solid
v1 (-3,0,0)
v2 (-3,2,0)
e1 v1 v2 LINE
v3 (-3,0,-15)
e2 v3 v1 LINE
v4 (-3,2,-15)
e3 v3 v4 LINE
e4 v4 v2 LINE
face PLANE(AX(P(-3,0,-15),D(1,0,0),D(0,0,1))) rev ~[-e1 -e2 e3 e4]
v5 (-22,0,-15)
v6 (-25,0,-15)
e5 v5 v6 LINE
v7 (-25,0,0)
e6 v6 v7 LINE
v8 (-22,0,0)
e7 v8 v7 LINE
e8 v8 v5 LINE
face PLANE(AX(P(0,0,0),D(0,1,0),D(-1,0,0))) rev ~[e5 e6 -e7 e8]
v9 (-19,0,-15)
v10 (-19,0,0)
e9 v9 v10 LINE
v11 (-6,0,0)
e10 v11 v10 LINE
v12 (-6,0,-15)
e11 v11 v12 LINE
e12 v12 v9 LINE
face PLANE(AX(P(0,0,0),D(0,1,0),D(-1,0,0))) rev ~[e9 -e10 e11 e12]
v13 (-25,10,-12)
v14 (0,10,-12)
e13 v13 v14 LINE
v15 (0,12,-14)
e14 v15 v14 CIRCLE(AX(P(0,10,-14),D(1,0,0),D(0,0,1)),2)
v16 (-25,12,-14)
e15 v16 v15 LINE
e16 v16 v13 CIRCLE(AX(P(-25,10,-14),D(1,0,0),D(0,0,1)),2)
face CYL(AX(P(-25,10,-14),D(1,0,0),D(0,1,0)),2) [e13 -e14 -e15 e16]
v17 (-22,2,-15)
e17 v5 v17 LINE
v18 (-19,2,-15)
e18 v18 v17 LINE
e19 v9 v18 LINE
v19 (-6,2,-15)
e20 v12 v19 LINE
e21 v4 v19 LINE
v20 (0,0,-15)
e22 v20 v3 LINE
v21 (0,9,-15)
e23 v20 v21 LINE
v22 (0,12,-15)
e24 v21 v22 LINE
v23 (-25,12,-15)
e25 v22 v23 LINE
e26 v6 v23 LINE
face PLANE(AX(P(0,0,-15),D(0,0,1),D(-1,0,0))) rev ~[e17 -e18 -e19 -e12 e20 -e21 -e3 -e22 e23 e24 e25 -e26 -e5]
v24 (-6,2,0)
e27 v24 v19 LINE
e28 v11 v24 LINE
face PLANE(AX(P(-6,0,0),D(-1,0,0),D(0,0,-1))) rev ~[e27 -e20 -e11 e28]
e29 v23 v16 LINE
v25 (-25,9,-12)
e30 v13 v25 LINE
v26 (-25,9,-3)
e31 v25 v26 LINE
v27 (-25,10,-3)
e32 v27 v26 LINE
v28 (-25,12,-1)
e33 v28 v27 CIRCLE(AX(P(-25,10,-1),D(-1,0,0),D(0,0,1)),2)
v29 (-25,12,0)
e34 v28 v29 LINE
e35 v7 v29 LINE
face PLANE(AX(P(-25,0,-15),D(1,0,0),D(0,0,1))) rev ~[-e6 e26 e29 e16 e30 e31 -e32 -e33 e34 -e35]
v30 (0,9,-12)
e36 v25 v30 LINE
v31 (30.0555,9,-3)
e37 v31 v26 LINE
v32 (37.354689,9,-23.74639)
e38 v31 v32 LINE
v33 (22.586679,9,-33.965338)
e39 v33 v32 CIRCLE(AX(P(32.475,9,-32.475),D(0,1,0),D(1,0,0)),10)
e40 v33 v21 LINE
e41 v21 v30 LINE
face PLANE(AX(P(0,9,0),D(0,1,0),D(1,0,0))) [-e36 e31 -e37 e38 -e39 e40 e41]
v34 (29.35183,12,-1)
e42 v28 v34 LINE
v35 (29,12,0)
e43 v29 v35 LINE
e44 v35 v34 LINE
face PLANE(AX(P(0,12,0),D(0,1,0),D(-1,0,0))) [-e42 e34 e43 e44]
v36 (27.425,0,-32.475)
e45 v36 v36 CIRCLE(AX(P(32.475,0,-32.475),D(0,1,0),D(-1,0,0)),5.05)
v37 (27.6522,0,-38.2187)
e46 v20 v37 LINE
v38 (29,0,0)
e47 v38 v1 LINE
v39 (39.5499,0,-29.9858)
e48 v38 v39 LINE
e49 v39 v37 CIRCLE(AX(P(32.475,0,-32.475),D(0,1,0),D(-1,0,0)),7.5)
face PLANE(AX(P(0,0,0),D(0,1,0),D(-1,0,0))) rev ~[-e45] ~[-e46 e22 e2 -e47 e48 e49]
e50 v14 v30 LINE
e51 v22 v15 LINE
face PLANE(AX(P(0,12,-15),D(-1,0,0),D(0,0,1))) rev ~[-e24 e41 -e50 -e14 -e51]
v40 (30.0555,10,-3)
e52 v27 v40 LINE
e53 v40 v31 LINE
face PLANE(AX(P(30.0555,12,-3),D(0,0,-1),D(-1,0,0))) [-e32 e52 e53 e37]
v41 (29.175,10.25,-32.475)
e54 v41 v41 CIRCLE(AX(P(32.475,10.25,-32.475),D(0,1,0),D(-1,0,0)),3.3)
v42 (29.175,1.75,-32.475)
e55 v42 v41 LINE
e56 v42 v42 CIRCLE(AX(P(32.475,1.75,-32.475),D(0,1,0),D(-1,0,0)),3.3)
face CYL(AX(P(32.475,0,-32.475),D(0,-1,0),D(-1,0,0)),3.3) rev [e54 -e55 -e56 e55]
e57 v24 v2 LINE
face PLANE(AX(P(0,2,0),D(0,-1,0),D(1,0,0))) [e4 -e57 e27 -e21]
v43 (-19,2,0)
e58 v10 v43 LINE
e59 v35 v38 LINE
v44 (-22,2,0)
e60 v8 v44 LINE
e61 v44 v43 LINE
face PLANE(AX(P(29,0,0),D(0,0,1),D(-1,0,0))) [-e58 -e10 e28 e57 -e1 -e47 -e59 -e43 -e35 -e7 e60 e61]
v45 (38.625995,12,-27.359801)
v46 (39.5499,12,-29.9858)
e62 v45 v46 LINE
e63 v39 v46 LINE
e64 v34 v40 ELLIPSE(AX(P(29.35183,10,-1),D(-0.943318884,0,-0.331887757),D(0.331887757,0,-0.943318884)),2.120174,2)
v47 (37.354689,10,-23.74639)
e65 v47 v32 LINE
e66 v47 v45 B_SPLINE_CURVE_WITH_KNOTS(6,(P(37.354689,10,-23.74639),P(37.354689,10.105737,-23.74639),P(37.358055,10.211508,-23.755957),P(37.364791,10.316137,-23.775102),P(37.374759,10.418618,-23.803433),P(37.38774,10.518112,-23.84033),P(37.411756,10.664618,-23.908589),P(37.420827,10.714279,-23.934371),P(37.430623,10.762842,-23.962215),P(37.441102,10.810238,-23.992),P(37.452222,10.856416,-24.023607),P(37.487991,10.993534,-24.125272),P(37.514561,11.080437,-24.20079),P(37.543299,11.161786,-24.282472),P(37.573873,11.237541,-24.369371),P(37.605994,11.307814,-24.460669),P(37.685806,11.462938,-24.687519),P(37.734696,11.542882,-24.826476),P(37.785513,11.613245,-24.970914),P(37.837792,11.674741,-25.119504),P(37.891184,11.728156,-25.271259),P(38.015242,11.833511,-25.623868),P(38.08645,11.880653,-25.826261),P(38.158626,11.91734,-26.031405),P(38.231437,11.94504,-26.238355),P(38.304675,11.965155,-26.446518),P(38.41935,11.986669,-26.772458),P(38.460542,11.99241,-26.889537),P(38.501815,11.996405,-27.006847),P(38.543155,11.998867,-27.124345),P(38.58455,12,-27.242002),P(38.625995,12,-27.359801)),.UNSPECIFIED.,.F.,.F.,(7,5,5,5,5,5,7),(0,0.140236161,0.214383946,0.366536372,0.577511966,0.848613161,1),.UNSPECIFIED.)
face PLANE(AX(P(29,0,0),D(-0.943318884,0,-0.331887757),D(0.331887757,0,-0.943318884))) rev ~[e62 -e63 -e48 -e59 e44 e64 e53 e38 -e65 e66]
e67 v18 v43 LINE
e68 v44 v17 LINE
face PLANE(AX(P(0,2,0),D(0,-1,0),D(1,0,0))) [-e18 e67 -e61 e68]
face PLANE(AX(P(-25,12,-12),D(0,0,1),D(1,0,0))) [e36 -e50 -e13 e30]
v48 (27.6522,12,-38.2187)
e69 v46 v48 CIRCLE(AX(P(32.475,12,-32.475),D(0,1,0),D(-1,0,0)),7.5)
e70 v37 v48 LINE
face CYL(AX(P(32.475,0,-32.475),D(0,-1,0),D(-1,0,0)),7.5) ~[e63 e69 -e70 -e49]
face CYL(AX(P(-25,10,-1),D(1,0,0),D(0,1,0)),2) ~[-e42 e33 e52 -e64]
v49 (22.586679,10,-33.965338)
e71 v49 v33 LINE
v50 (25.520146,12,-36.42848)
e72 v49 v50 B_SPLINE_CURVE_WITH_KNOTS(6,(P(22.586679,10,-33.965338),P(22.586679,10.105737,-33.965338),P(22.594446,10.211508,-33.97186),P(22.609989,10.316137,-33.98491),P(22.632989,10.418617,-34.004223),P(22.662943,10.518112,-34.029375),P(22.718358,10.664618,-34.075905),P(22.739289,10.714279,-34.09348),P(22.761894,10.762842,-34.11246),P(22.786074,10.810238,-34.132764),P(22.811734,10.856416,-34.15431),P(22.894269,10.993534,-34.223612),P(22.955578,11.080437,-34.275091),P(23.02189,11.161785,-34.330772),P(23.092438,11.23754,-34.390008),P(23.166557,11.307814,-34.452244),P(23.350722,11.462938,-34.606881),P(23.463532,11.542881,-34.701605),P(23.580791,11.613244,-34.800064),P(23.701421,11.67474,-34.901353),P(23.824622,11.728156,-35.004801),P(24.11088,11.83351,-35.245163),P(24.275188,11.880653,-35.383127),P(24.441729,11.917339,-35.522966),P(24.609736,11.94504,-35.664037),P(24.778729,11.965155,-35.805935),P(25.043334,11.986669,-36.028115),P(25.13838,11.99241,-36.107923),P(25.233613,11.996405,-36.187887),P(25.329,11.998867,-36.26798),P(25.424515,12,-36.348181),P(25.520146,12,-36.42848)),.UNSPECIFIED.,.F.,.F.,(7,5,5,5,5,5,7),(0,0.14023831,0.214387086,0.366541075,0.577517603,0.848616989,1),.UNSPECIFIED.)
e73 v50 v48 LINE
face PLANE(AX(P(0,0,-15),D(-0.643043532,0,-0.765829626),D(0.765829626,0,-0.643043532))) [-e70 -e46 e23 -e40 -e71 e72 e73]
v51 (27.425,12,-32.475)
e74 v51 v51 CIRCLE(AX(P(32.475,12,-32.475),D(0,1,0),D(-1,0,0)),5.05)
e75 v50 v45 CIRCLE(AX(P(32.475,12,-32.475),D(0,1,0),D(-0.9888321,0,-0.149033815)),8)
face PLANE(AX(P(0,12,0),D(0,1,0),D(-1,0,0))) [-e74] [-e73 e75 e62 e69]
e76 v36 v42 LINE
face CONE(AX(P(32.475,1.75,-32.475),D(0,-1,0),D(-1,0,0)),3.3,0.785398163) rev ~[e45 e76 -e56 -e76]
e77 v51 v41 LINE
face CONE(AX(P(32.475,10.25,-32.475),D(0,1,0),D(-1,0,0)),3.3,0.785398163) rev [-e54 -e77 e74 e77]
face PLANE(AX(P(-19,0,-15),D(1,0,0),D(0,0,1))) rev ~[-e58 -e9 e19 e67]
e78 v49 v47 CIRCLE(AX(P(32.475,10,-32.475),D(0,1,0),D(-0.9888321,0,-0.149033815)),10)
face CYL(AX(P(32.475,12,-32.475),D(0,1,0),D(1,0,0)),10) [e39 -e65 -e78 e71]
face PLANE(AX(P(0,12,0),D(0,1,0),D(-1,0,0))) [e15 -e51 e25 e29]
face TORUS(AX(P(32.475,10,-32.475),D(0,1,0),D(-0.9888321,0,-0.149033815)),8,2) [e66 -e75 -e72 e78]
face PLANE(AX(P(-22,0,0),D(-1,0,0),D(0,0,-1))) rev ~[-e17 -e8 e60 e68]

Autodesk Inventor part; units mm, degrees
ref_plane "YZ Plane" through (0, 0, 0) normal (1, 0, 0) x (0, 1, 0)
ref_plane "XZ Plane" through (0, 0, 0) normal (0, 1, 0) x (-1, 0, 0)
ref_plane "XY Plane" through (0, 0, 0) normal (0, 0, 1) x (1, 0, 0)
sketch "Sketch1" plane through (0, 0, 0) normal (0, 1, 0) x (-1, 0, 0)
  circle A0 centre (-32.475, -32.475) radius 3.3
  circle A1 centre (-32.475, -32.475) radius 7.5
  line L0 (25, 0) -> (0, 0)
  line L1 (0, 0) -> (0, -15)
  line L2 (0, -15) -> (25, -15)
  line L3 (25, -15) -> (25, 0)
  line L4 (0, 20) -> (-29, 20)
  line L5 (-29, 20) -> (-29, 0)
  line L6 (-29, 0) -> (0, 0)
  line L7 (0, 0) -> (0, 20)
  line L8 (0, 0) -> (-36.8411, -26.3768)
  line L9 (0, -15) -> (-27.6522, -38.2187)
  line L10 (-29, 0) -> (-39.5499, -29.9858)
  line L11 (0, 0) -> (-55.6524, 0) construction
  line L12 (-55.6524, 0) -> (-55.6524, -63.0935) construction
  line L13 (-55.6524, -63.0935) -> (0, -63.0935) construction
  line L14 (0, -63.0935) -> (0, 0) construction
  dimension "d0" = 6.6
  dimension "d1" = 32.475
  dimension "d2" = 32.475
  dimension "d3" = 15
  dimension "d4" = 25
  dimension "d6" = 15
  dimension "d7" = 29
  dimension "d8" = 20
extrude "Extrusion1" add sketch "Sketch1" along normal blind 12 contours A1 | A1 L8 L1 L9 | A1 L10 L6 L8 | L0 L3 L2 L1
sketch "Sketch2" plane through (0, 12, 0) normal (0, 1, 0) x (1, 0, 0)
  circle A0 centre (32.475, 32.475) radius 3.3 projected
  circle A1 centre (32.475, 32.475) radius 10
  line L0 (-25, 15) -> (-25, 0) projected
  line L1 (-25, 0) -> (29, 0) projected
  line L2 (29, 0) -> (39.5499, 29.9858) projected
  arc A2 (39.5499, 29.9858) -> (27.6522, 38.2187) centre (32.475, 32.475) ccw projected
  line L3 (27.6522, 38.2187) -> (0, 15) projected
  line L4 (0, 15) -> (-25, 15) projected
  circle A3 centre (32.475, 32.475) radius 3.3 projected
  line L5 (-25, 15) -> (-25, 0) projected
  line L6 (-25, 12) -> (0, 12)
  line L7 (0, 12) -> (0, 3)
  line L8 (0, 3) -> (-25, 3)
  line L9 (-25, 3) -> (-25, 12)
  line L10 (27.6522, 38.2187) -> (0, 15) projected
  line L11 (0, 15) -> (0, 0)
  line L12 (29, 0) -> (39.5499, 29.9858) projected
  line L13 (0, 0) -> (30.0555, 0)
  line L14 (30.0555, 0) -> (30.0555, 3)
  line L15 (30.0555, 3) -> (0, 3)
  line L16 (0, 3) -> (0, 0)
  point P0 (37.3547, 23.7464)
  point P1 (22.5867, 33.9654)
  point P2 (-25, 7.5)
  point P3 (-25, 3)
  dimension "d11" = 20
  dimension "d14" = 9
extrude "Extrusion2" cut sketch "Sketch2" against normal blind 3 contours A1 L2 L15 L7 L11 L3 | L14 L13 L2 | L7 L8 L0 L6
sketch "Sketch6" plane through (0, 0, 0) normal (0, -1, 0) x (1, 0, 0)
  line L0 (0, -15) -> (-25, -15) projected
  line L1 (-25, 0) -> (29, 0) projected
  line L2 (-22, -15) -> (-19, -15)
  line L3 (-19, -15) -> (-19, 0)
  line L4 (-19, 0) -> (-22, 0)
  line L5 (-22, 0) -> (-22, -15)
  line L6 (-6, -15) -> (-3, -15)
  line L7 (-3, -15) -> (-3, 0)
  line L8 (-3, 0) -> (-6, 0)
  line L9 (-6, 0) -> (-6, -15)
  line L10 (-25, -15) -> (-25, 0) projected
  point P0 (0, 0)
  point P1 (-2, 0)
  point P2 (-3, 0)
  point P3 (-22, 0)
  point P4 (-19, -15)
  dimension "d31" = 3
  dimension "d32" = 3
  dimension "d33" = 3
  dimension "d34" = 3
extrude "Extrusion6" cut sketch "Sketch6" against normal blind 2 contours L0 L9 L1 L7 | L0 L5 L1 L3
chamfer "Chamfer1" distance 1.75 angle 45 2 edges at (35.775, 12, -32.475) (35.775, 0, -32.475)
fillet "Fillet1" radius 2 3 edges at (2.5277, 12, -3) (-12.5, 12, -12) (26.7848, 12, -24.2518)
equation "\"d2\" = d1"
properties part number "Strain Relief"
